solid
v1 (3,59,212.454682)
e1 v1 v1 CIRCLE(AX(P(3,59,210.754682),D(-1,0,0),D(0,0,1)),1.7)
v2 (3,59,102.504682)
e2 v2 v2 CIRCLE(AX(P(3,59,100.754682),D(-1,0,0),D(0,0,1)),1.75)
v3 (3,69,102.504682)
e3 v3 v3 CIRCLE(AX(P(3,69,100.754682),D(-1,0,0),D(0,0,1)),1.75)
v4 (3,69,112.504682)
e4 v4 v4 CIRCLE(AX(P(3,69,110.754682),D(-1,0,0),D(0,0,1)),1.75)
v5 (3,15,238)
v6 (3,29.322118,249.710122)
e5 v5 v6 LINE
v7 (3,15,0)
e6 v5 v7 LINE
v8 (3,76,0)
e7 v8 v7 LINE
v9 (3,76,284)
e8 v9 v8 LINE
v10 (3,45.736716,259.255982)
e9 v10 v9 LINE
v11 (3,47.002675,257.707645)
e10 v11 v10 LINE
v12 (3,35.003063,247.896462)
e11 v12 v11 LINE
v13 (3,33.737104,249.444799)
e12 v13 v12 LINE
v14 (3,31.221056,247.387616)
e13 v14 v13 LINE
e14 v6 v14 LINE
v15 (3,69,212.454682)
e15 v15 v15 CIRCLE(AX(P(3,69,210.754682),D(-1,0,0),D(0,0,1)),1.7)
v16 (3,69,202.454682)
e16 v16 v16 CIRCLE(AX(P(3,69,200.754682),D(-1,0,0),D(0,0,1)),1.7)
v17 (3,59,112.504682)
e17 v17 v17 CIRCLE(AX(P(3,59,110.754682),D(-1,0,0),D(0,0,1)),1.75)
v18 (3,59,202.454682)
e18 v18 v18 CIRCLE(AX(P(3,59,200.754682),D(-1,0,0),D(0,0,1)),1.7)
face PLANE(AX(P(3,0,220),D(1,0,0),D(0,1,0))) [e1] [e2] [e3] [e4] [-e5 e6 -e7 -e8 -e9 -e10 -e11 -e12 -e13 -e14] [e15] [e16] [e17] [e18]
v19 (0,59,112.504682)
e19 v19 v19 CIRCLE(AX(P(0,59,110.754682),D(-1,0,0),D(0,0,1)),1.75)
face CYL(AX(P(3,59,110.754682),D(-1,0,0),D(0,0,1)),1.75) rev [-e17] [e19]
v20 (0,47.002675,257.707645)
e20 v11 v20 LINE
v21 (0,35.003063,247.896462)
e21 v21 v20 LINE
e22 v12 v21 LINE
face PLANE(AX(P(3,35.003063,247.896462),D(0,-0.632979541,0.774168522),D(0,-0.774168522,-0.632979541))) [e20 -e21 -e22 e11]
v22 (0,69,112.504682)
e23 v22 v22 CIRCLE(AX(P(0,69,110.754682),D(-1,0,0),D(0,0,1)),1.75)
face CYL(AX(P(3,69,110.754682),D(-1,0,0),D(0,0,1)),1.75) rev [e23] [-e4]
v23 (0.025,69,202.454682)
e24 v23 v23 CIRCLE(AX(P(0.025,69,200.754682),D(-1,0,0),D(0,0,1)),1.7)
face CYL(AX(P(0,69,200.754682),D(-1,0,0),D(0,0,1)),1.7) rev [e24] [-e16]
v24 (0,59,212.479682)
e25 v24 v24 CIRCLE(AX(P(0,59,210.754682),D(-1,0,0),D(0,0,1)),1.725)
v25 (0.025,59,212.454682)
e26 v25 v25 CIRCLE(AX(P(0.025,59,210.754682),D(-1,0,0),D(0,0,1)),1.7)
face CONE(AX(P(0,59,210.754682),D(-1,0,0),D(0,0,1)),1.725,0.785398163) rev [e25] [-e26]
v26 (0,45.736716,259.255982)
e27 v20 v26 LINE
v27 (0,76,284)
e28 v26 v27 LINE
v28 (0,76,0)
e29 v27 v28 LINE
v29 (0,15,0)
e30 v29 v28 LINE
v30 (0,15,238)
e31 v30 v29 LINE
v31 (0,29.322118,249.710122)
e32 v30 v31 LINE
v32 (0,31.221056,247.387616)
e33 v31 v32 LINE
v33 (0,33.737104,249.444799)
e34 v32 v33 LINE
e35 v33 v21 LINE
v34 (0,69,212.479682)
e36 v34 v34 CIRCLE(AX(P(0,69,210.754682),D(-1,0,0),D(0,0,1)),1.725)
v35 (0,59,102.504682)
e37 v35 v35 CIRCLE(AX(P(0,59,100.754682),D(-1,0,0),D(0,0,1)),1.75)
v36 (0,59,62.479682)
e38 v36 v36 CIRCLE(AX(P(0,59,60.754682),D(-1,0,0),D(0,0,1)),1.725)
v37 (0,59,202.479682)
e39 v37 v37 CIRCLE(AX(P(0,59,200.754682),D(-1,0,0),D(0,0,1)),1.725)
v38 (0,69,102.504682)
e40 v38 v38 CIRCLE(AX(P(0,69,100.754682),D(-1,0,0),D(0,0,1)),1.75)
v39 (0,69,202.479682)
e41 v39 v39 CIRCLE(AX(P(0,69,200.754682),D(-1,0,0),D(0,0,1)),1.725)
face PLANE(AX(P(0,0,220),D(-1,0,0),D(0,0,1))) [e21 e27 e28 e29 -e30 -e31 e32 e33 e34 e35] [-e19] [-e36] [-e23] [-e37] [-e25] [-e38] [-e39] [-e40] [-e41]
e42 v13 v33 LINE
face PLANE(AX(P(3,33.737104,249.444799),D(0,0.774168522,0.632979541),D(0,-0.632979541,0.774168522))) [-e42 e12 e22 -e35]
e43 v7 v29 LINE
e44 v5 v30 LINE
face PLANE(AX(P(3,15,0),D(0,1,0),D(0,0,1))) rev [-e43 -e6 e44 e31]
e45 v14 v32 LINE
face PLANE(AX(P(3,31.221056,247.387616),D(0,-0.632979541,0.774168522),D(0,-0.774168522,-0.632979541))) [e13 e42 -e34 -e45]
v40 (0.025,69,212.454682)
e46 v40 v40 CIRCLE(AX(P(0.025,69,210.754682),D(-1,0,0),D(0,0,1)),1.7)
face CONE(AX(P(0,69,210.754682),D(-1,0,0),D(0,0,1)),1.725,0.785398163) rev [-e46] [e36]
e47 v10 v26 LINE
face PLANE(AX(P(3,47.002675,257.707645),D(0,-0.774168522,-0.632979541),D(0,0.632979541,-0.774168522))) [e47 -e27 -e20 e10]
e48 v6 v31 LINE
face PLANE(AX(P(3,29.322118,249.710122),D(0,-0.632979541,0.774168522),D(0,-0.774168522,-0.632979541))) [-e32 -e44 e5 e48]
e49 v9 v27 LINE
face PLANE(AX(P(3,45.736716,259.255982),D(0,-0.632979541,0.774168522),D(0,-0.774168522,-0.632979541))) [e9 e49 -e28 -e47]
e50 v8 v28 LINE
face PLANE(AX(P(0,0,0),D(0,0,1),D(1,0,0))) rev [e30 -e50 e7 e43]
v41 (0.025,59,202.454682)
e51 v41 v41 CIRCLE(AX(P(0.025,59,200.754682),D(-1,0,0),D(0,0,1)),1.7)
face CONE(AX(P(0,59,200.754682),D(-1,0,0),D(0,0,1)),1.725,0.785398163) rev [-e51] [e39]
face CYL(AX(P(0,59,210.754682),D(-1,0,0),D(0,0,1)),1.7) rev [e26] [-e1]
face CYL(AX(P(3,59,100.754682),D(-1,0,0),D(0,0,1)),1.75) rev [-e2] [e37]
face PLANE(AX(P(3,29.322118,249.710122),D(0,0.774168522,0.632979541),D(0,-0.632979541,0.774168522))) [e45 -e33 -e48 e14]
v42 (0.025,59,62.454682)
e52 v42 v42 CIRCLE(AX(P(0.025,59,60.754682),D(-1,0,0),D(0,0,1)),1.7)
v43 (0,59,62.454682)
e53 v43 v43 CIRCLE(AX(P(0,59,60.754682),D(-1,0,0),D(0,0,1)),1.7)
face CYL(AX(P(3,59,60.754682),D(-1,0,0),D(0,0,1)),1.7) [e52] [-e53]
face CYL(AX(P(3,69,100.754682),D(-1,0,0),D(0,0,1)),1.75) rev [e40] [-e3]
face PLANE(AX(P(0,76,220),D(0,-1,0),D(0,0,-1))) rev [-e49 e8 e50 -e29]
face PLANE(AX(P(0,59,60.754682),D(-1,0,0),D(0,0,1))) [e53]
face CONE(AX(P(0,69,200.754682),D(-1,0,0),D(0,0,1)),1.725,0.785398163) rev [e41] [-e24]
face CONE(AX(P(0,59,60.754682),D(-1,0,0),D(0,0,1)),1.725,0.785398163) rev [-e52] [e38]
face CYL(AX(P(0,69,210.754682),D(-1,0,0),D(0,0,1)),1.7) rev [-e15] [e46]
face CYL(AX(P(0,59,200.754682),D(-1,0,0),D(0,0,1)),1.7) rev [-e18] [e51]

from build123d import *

# Parameters (mm, degrees)
SKETCH1_W                      = 3
SKETCH1_H                      = 76
BOSS_EXTRUDE1_DEPTH            = 220
M3_CLEARANCE_HOLE1_D           = 3.4
M3_CLEARANCE_HOLE1_CSINK_D     = 3.45
M3_CLEARANCE_HOLE1_CSINK_ANGLE = 90
SKETCH4_W                      = 220
SKETCH4_H                      = 15
CUT_EXTRUDE1_DEPTH             = 233.776717049
SKETCH5_R                      = 1.75
CUT_EXTRUDE2_DEPTH             = 233.776717049
BOSS_EXTRUDE2_START            = -3
SKETCH6_R                      = 1.725
SKETCH6_R_2                    = 1.7
BOSS_EXTRUDE2_DEPTH            = 3
BOSS_EXTRUDE3_DEPTH            = 3


with BuildPart() as part:
    # Sketch1 → Boss-Extrude1 (new body)
    with BuildSketch(Plane.XY):
        with Locations((1.5, 38)):
            Rectangle(SKETCH1_W, SKETCH1_H)
    extrude(amount=BOSS_EXTRUDE1_DEPTH)

    # M3 Clearance Hole1 (through all)
    with Locations(Plane.ZY):
        with Locations((50.754682085, 59), (60.754682085, 59), (60.754682085, 69), (50.754682085, 69), (200.754682085, 59), (200.754682085, 69), (210.754682085, 59), (210.754682085, 69)):
            CounterSinkHole(M3_CLEARANCE_HOLE1_D / 2, M3_CLEARANCE_HOLE1_CSINK_D / 2, counter_sink_angle=M3_CLEARANCE_HOLE1_CSINK_ANGLE)

    # Sketch4 → Cut-Extrude1 (cut, through all)
    with BuildSketch(Plane.ZY):
        with Locations((110, 7.5)):
            Rectangle(SKETCH4_W, SKETCH4_H)
    extrude(amount=-CUT_EXTRUDE1_DEPTH, mode=Mode.SUBTRACT)

    # Sketch5 → Cut-Extrude2 (cut, through all)
    with BuildSketch(Plane.ZY):
        with Locations((110.754682085, 69)):
            Circle(SKETCH5_R)
        with Locations((100.754682085, 69)):
            Circle(SKETCH5_R)
        with Locations((100.754682085, 59)):
            Circle(SKETCH5_R)
        with Locations((110.754682085, 59)):
            Circle(SKETCH5_R)
    extrude(amount=-CUT_EXTRUDE2_DEPTH, mode=Mode.SUBTRACT)

    # Sketch6 → Boss-Extrude2 (add)
    with BuildSketch(Plane.ZY.offset(BOSS_EXTRUDE2_START)):
        with Locations((50.754682085, 59)):
            Circle(SKETCH6_R)
        with Locations((60.754682085, 59)):
            Circle(SKETCH6_R_2)
        with Locations((60.754682085, 69)):
            Circle(SKETCH6_R)
        with Locations((50.754682085, 69)):
            Circle(SKETCH6_R)
    extrude(amount=BOSS_EXTRUDE2_DEPTH)

    # Sketch7 → Boss-Extrude3 (add)
    with BuildSketch(Plane.ZY):
        Polygon((220, 76), (284, 76), (259.255982343, 45.736716068), (257.707645299, 47.00267515), (247.896462411, 35.003063059), (249.444799455, 33.737103977), (247.387615946, 31.22105628), (249.710121512, 29.322117657), (238, 15), (220, 15), align=None)
    extrude(amount=-BOSS_EXTRUDE3_DEPTH)


solid = part.part
